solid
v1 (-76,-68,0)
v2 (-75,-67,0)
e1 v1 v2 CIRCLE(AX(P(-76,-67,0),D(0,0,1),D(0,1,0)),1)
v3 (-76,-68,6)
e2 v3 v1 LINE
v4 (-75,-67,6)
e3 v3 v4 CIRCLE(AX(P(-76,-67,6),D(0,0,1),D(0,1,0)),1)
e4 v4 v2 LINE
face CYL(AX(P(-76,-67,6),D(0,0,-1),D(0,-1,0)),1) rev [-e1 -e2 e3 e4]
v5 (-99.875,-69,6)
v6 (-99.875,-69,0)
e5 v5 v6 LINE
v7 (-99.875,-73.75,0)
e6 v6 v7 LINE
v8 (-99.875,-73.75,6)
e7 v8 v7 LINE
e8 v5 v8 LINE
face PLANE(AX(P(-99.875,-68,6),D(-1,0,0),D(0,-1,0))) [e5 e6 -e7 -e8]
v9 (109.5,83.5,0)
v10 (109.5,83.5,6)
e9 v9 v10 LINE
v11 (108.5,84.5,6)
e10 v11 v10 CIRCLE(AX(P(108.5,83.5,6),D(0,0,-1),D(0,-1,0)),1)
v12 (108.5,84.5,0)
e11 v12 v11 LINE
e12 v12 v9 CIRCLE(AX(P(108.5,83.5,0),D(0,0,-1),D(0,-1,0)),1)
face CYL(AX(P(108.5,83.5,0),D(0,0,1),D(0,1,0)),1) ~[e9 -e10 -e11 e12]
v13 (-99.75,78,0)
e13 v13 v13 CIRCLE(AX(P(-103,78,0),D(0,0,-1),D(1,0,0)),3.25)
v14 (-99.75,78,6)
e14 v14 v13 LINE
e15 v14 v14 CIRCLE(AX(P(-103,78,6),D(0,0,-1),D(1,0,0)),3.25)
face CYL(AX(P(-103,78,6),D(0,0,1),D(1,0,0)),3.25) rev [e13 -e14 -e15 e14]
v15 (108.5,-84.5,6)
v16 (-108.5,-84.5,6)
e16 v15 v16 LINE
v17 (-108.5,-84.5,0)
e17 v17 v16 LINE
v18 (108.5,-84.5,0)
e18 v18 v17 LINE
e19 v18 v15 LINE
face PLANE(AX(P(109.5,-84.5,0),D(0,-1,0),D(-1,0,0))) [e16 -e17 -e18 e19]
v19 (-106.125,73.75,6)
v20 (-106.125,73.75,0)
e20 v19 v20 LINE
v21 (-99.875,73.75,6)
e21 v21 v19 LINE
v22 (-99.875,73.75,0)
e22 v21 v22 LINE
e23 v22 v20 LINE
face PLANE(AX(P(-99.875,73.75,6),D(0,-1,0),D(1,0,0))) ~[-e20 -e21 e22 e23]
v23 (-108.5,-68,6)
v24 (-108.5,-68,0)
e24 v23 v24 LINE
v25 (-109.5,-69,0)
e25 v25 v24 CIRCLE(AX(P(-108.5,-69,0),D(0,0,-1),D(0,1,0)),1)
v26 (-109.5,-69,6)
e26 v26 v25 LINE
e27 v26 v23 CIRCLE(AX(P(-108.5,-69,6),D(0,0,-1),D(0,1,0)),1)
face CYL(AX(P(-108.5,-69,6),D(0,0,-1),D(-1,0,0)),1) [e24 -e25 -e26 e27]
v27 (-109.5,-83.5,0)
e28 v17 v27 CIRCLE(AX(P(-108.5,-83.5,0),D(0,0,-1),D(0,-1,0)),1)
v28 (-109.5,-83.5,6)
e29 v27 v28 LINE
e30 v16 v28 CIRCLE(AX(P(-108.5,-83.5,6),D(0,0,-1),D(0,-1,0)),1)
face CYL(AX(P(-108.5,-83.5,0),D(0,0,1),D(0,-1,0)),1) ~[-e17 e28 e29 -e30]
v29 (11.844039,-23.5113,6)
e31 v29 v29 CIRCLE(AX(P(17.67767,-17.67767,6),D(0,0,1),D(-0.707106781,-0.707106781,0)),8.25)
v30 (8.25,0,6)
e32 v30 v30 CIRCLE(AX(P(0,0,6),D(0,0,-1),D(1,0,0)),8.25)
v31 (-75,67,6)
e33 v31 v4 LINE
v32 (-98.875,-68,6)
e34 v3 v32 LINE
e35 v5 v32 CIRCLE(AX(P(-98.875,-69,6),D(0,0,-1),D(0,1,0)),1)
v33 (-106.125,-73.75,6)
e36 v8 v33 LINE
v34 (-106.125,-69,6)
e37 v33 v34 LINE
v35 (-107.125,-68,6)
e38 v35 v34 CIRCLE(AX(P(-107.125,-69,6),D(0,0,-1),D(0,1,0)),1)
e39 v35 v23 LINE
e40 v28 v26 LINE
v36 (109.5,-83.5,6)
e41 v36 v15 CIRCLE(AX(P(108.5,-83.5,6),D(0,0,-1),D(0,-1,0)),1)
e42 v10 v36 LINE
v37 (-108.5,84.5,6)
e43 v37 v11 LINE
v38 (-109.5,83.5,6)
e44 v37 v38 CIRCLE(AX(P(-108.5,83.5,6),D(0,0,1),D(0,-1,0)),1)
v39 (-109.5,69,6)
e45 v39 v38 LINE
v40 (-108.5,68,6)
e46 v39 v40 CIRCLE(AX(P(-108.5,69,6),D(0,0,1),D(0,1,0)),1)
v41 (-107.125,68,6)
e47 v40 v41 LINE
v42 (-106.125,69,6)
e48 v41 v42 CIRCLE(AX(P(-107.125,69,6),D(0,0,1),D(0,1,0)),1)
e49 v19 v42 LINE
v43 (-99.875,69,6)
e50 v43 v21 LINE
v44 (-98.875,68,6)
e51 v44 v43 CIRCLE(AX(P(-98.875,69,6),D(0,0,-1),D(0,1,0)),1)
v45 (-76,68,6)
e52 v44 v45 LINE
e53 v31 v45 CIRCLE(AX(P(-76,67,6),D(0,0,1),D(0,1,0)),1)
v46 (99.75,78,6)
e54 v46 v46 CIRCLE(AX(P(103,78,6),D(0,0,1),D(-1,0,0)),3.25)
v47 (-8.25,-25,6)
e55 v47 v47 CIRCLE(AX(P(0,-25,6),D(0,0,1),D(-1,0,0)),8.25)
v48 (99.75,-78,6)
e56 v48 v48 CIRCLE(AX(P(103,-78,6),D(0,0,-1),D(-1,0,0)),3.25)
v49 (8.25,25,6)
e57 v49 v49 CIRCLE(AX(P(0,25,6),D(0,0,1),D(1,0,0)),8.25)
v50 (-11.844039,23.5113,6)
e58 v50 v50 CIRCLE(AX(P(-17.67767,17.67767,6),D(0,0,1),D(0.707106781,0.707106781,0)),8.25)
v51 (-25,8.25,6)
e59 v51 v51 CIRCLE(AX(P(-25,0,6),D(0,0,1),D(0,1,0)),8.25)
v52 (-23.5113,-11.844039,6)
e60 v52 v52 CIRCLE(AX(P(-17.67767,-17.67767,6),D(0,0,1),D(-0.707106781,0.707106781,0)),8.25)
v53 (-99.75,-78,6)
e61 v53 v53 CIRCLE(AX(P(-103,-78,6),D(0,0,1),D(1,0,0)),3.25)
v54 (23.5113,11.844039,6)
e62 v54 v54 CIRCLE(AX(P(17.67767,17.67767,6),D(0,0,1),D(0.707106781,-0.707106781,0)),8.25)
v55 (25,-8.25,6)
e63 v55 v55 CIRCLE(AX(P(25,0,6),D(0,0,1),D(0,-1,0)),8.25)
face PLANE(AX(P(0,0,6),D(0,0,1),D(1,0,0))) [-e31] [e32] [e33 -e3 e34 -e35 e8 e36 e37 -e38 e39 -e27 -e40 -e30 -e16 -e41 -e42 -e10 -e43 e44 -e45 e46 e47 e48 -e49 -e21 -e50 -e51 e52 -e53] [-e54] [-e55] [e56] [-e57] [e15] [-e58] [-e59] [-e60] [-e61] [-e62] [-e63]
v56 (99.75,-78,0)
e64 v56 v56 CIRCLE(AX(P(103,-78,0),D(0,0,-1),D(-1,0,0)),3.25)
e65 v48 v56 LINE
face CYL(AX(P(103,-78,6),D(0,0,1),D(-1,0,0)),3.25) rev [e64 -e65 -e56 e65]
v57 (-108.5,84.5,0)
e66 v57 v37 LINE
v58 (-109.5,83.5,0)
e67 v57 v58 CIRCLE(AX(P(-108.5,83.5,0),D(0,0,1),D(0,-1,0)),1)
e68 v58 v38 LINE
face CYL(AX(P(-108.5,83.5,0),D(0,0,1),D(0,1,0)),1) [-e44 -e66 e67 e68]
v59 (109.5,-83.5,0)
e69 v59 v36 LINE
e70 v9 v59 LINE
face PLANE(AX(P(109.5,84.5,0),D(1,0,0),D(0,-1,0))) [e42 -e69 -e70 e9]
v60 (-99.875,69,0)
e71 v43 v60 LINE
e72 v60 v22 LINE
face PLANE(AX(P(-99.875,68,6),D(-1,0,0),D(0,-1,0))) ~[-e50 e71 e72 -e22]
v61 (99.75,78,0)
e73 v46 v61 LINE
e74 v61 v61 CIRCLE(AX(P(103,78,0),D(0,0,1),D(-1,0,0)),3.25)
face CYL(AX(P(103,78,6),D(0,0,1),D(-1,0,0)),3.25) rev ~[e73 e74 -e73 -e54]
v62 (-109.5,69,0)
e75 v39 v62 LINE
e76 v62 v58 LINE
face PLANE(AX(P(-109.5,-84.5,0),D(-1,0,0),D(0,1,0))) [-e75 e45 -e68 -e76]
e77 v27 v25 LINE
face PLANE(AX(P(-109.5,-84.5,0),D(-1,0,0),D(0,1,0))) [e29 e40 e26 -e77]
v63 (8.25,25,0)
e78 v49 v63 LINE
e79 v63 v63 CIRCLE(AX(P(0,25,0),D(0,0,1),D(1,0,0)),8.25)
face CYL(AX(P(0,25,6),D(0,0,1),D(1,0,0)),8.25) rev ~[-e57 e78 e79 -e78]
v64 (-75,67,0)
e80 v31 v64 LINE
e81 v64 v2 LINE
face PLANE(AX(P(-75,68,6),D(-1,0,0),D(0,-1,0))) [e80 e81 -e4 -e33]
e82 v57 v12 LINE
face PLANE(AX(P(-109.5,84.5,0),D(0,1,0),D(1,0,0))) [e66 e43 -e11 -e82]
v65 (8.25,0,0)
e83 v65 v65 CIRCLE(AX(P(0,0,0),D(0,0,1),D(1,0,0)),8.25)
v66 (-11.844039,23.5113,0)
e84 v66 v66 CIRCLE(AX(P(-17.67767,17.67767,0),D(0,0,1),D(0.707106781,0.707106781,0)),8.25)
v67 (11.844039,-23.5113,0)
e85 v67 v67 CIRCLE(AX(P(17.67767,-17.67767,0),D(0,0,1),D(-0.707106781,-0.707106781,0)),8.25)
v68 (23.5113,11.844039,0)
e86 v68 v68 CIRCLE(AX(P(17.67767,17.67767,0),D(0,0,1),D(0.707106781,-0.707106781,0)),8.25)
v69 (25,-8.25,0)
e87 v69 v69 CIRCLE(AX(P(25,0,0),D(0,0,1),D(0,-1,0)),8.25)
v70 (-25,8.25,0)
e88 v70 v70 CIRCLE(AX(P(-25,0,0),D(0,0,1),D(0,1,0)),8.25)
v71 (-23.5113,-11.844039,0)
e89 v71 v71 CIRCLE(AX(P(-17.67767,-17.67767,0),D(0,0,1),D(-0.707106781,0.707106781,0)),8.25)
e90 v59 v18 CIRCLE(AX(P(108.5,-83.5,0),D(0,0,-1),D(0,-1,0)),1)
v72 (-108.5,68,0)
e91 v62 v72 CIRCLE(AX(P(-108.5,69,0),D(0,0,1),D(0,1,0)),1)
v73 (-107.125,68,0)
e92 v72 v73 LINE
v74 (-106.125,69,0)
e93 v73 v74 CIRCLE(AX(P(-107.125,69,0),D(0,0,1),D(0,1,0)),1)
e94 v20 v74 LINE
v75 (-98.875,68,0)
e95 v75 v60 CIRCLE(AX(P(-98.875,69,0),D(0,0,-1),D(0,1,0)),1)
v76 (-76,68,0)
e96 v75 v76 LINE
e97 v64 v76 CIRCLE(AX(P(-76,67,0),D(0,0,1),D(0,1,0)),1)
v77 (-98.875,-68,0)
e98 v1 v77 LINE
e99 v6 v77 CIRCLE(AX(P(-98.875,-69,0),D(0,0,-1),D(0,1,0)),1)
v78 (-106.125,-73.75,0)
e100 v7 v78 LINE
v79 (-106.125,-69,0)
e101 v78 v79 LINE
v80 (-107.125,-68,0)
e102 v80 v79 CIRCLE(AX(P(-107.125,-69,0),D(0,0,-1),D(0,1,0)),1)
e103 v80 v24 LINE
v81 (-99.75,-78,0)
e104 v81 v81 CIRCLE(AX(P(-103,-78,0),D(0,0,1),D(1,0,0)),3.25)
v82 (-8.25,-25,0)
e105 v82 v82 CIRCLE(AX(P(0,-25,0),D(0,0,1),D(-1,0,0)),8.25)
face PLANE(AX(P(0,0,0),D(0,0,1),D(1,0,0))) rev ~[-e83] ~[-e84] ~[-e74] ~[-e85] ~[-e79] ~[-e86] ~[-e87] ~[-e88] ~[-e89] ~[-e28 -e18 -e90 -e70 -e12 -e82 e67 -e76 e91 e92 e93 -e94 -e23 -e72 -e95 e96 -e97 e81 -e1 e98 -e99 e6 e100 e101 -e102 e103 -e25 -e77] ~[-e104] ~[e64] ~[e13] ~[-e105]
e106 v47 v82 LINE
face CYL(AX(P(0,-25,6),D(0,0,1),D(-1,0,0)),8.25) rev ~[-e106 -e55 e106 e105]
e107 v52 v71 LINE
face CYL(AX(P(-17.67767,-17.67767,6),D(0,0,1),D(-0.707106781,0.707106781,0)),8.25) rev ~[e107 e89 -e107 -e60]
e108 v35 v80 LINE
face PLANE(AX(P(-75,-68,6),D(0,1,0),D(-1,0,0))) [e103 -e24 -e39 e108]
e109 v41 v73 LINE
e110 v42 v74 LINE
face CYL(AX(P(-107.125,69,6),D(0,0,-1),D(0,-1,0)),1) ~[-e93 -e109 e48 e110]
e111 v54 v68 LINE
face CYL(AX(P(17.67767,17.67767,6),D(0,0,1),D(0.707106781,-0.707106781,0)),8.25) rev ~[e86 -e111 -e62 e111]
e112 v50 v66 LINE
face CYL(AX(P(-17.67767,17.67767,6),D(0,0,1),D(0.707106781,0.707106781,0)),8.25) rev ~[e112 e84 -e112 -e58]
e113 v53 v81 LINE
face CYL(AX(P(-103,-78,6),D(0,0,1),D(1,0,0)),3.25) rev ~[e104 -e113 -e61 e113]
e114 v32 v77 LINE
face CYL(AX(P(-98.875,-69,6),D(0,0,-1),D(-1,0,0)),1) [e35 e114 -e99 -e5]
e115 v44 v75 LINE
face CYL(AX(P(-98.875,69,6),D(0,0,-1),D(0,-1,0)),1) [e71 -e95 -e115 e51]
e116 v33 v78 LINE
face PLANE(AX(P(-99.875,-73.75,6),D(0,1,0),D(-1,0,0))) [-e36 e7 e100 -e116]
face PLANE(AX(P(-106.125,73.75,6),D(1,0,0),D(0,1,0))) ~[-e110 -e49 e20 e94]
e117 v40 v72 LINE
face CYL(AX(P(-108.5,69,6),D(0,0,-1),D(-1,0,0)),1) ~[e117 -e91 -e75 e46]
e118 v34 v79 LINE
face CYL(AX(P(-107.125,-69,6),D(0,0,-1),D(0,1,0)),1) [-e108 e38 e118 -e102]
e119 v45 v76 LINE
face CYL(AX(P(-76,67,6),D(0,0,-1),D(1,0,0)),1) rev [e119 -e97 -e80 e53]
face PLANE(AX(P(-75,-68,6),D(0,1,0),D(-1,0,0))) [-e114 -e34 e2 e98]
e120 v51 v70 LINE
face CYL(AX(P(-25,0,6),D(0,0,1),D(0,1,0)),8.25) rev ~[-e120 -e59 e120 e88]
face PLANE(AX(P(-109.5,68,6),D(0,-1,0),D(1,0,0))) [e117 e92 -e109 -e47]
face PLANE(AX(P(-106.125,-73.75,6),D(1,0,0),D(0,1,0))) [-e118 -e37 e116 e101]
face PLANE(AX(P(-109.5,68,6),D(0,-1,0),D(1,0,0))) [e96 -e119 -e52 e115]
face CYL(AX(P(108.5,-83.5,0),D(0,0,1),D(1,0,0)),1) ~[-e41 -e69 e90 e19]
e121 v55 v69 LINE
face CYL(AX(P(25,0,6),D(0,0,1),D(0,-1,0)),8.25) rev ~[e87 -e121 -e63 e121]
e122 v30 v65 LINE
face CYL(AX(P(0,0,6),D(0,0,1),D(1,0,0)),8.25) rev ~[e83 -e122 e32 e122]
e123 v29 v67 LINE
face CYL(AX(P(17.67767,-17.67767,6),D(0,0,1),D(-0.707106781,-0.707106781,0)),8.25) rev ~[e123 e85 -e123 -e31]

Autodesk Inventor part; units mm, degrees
sketch "Sketch1" plane through (0, 0, 0) normal (0, 0, 1) x (1, 0, 0)
  line L0 (-109.5, 84.5) -> (109.5, 84.5)
  line L1 (109.5, 84.5) -> (109.5, -84.5)
  line L2 (109.5, -84.5) -> (-109.5, -84.5)
  line L3 (-109.5, -84.5) -> (-109.5, 84.5)
  point P0 (0, 84.5)
  point P1 (0, 0)
  point P2 (-109.5, 0)
  dimension "d0" = 219
  dimension "d1" = 169
extrude "Extrusion1" add sketch "Sketch1" along normal blind 6
sketch "Sketch2" plane through (0, 0, 6) normal (0, 0, 1) x (1, 0, 0)
  circle A0 centre (-103, -78) radius 3.25
  line L0 (-103, -78) -> (-103, -74) construction
  line L1 (-106.25, -68) -> (-99.75, -68)
  line L2 (-99.75, -68) -> (-99.75, -74)
  line L3 (-99.75, -74) -> (-106.25, -74)
  line L4 (-106.25, -74) -> (-106.25, -68)
  line L5 (-109.5, -84.5) -> (109.5, -84.5) projected
  line L6 (-109.5, -84.5) -> (-103, -84.5) construction
  line L7 (-103, -84.5) -> (-103, -78) construction
  point P0 (0, 0)
  dimension "d39" = 6.5
  dimension "d44" = 4
  dimension "d45" = 6.5
  dimension "d46" = 6
  dimension "d64" = 6.5
  dimension "d65" = 6.5
extrude "Extrusion2" cut sketch "Sketch2" against normal blind 6 contours A0
mirror "Mirror3" about plane through (0, 0, 0) normal (1, 0, 0) of "Extrusion2"
mirror "Mirror7" about plane through (0, 0, 0) normal (0, 1, 0) of "Extrusion2", "Mirror3"
sketch "Sketch7" plane through (0, 0, 6) normal (0, 0, 1) x (1, 0, 0)
  line L0 (-109.5, 84.5) -> (-109.5, -84.5) projected
  line L1 (-109.5, 68) -> (-75, 68)
  line L2 (-75, 68) -> (-75, -68)
  line L3 (-75, -68) -> (-109.5, -68)
  line L4 (-109.5, -68) -> (-109.5, 68)
  point P0 (0, 0)
  point P1 (-109.5, 0)
  point P2 (-109.5, 0)
  dimension "d40" = 34.5
  dimension "d41" = 136
extrude "Extrusion6" cut sketch "Sketch7" against normal blind 10
sketch "Sketch8" plane through (0, 0, 6) normal (0, 0, 1) x (1, 0, 0)
  circle A0 centre (-103, -78) radius 3.25 projected
  line L0 (-103, -78) -> (-103, -73.75) construction
  line L1 (-106.125, -68) -> (-99.875, -68)
  line L2 (-99.875, -68) -> (-99.875, -73.75)
  line L3 (-99.875, -73.75) -> (-106.125, -73.75)
  line L4 (-106.125, -73.75) -> (-106.125, -68)
  point P0 (0, 0)
  dimension "d47" = 4.25
  dimension "d48" = 6.25
  dimension "d49" = 5.75
extrude "Extrusion7" cut sketch "Sketch8" against normal blind 6 contours L1 L2 L3 L4
mirror "Mirror8" about plane through (0, 0, 0) normal (0, 1, 0) of "Extrusion7"
fillet "Fillet5" radius 1 12 edges at (-109.5, -84.5, 3) (109.5, -84.5, 3) (-75, -68, 3) (109.5, 84.5, 3) (-109.5, 84.5, 3) (-109.5, 68, 3) (-75, 68, 3) (-99.875, 68, 3) (-106.125, 68, 3) (-99.875, -68, 3) (-109.5, -68, 3) (-106.125, -68, 3)
sketch "Sketch10" plane through (0, 0, 6) normal (0, 0, 1) x (1, 0, 0)
  line L0 (-75, 44.5) -> (39, 44.5) construction
  line L1 (39, 44.5) -> (39, -44.5) construction
  line L2 (39, -44.5) -> (-75, -44.5) construction
  line L3 (-75, -44.5) -> (-75, 44.5) construction
  line L4 (-75, 67) -> (-75, -67) projected
  line L5 (-75, 44.5) -> (39, -44.5) construction
  circle A0 centre (0, 0) radius 8.25
  line L6 (0, 0) -> (0, 25) construction
  circle A1 centre (0, 25) radius 8.25
  point P0 (-75, 0)
  point P1 (-75, 0)
  point P2 (-75, 0)
  dimension "d53" = 114
  dimension "d54" = 89
  dimension "d55" = 16.5
  dimension "d56" = 25
  dimension "d57" = 16.5
extrude "Extrusion8" cut sketch "Sketch10" against normal through all
pattern_circular "Circular Pattern1" count 8 over 360 about axis through (0, 0, 6) along (0, 0, -1) of "Extrusion8"
equation "\"d7\" = d46"
properties part number "MDF_Top_Big_Mic" material "MDF Medium Density Fiberboard"
